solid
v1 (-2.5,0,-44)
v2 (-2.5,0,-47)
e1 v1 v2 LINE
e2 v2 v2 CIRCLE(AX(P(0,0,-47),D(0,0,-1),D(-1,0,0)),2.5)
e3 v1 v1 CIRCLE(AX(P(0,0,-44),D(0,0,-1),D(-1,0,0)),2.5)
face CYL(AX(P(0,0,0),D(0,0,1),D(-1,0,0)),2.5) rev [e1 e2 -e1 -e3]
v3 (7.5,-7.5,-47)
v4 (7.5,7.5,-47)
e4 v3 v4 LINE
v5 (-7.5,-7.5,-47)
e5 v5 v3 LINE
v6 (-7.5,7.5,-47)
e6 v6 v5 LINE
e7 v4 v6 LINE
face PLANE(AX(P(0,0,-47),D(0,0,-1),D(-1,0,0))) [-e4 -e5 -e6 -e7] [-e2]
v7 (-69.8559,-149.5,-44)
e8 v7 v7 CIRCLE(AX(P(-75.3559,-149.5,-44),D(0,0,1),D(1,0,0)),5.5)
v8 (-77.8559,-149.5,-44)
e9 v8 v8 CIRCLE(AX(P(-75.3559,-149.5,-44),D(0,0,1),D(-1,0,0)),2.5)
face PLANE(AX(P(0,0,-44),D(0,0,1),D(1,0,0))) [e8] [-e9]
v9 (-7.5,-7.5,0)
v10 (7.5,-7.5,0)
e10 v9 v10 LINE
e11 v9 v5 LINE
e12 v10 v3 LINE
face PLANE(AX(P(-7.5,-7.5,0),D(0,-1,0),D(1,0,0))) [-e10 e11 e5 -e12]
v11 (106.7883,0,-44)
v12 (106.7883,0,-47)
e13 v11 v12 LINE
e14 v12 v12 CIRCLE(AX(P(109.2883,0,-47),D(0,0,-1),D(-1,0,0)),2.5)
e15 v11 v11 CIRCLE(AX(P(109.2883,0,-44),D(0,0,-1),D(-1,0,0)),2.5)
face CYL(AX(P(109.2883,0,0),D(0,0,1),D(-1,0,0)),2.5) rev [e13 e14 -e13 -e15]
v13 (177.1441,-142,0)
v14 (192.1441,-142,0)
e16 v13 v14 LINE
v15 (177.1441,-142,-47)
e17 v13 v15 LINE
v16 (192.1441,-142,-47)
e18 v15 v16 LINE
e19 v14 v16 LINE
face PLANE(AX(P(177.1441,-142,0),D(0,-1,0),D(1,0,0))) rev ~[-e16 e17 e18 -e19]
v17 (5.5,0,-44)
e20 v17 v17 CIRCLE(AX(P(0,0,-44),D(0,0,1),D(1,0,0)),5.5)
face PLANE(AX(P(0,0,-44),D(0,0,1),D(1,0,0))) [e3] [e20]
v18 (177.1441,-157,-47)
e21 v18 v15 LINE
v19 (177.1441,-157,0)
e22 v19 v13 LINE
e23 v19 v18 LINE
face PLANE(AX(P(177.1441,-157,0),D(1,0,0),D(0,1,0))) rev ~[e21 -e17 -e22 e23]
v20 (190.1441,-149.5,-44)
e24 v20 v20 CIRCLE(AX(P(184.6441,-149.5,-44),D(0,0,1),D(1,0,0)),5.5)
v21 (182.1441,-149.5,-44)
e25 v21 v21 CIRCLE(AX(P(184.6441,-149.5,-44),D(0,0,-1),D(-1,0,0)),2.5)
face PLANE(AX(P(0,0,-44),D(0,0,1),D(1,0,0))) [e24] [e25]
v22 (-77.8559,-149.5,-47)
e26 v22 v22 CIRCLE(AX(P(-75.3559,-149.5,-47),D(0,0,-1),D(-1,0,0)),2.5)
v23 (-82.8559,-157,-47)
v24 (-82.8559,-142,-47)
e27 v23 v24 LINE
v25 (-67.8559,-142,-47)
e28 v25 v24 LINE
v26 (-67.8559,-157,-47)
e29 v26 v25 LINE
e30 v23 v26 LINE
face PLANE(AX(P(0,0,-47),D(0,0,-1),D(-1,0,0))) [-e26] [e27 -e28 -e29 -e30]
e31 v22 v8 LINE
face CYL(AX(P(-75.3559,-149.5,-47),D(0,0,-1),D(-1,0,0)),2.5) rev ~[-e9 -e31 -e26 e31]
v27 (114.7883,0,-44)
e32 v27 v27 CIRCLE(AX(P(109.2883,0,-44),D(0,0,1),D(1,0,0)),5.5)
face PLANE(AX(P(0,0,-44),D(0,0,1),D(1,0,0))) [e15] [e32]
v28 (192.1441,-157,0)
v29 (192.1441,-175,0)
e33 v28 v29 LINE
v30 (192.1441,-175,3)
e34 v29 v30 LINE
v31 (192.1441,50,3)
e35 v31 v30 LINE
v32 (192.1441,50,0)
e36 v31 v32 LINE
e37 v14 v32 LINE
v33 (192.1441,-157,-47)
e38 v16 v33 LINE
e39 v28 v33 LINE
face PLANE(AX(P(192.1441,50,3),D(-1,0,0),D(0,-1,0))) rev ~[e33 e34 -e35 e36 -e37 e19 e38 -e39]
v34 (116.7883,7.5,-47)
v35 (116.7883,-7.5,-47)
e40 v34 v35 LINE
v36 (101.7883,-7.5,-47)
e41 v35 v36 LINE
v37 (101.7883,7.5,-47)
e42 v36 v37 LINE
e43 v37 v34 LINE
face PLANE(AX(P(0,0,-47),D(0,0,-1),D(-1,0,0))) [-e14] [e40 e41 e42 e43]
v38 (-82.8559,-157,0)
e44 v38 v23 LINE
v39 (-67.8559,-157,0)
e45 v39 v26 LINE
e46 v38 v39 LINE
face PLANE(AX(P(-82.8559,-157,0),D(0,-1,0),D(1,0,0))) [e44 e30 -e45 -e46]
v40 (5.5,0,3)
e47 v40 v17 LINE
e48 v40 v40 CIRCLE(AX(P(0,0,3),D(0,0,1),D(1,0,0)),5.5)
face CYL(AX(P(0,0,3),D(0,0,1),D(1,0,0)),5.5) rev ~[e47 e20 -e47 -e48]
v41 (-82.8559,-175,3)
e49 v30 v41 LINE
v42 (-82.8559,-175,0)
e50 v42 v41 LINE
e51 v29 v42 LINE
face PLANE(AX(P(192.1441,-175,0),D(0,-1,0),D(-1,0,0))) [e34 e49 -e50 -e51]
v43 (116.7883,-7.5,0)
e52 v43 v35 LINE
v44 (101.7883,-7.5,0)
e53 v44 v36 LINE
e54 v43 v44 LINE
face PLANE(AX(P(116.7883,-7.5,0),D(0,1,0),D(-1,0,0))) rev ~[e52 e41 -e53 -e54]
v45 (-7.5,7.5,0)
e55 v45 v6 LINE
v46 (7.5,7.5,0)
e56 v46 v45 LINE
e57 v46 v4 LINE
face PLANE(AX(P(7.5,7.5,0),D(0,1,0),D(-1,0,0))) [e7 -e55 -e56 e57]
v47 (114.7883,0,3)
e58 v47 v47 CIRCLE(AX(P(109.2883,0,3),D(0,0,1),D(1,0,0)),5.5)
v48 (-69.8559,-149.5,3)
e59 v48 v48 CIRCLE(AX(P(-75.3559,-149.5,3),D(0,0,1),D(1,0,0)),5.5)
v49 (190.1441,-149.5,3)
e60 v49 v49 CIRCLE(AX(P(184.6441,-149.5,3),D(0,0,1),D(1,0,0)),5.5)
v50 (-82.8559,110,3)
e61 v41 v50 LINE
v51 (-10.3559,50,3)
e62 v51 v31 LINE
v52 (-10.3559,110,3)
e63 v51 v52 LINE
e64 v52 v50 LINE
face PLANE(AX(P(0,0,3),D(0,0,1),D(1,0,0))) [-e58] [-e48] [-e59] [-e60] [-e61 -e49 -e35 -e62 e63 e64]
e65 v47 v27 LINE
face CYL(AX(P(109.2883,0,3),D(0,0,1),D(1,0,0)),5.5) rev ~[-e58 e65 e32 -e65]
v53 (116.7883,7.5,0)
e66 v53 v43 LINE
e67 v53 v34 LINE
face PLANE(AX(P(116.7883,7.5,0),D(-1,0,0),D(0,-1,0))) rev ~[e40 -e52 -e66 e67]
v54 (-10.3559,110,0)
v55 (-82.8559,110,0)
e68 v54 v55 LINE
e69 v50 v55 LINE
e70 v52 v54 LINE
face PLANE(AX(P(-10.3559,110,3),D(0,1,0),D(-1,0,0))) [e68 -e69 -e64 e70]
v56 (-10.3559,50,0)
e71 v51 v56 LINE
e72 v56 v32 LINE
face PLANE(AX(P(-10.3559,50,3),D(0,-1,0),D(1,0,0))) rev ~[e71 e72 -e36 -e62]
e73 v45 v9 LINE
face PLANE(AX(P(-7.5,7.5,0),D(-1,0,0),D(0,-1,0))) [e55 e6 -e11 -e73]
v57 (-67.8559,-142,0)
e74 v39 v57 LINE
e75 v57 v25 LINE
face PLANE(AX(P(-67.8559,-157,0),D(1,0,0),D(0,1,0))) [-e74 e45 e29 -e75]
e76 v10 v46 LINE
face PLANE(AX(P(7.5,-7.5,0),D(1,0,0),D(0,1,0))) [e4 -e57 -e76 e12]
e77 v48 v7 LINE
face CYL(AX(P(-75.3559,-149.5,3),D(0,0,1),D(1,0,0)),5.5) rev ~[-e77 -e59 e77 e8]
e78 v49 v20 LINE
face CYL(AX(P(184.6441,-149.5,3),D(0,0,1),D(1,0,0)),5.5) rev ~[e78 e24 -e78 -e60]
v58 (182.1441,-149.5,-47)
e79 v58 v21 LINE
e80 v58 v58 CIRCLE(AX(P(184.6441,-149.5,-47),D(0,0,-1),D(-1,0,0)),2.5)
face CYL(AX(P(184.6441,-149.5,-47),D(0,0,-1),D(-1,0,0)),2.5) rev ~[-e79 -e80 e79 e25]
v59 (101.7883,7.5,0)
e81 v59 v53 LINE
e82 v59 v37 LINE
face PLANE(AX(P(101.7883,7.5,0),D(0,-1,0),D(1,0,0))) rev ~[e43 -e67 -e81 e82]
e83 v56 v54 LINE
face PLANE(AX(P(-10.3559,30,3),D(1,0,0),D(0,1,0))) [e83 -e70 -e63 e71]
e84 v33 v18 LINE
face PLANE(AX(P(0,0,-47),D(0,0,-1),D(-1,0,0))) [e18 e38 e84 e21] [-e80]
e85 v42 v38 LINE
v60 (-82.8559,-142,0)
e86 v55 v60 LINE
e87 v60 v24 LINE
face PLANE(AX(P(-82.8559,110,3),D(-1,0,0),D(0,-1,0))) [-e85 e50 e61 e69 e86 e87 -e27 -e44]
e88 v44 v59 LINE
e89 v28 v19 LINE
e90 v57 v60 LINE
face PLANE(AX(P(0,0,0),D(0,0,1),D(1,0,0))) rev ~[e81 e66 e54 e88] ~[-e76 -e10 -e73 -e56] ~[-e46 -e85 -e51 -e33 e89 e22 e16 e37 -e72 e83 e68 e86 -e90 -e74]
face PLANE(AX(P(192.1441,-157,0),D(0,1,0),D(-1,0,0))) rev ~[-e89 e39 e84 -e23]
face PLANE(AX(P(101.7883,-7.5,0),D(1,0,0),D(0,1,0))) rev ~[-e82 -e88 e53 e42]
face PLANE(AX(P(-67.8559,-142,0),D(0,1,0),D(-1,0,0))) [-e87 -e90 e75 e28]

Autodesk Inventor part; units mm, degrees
ref_plane "YZ Plane" through (0, 0, 0) normal (1, 0, 0) x (0, 1, 0)
ref_plane "XZ Plane" through (0, 0, 0) normal (0, 1, 0) x (-1, 0, 0)
ref_plane "XY Plane" through (0, 0, 0) normal (0, 0, 1) x (1, 0, 0)
sketch "Sketch1" plane through (0, 0, 0) normal (0, 0, 1) x (1, 0, 0)
  circle A0 centre (0, 0) radius 2.5
  circle A1 centre (109.2883, 0) radius 2.5
  line L0 (-82.8559, 30) -> (192.1441, 30)
  line L1 (192.1441, 30) -> (192.1441, -175)
  line L2 (192.1441, -175) -> (-82.8559, -175)
  line L3 (-82.8559, -175) -> (-82.8559, 30)
  line L4 (0, 0) -> (109.2883, 0) construction
  point P0 (54.6441, 0)
  point P1 (54.6441, 30)
  dimension "d0" = 5
  dimension "d1" = 5
  dimension "d2" = 109.2883
  dimension "d3" = 275
  dimension "d4" = 30
  dimension "d5" = 175
extrude "Extrusion1" add sketch "Sketch1" along normal blind 3
sketch "Sketch4" plane through (0, 0, 0) normal (0, 0, -1) x (-1, 0, 0)
  circle A0 centre (-109.2883, 0) radius 2.5 projected
  line L0 (-116.7883, -7.5) -> (-101.7883, -7.5)
  line L1 (-101.7883, -7.5) -> (-101.7883, 7.5)
  line L2 (-101.7883, 7.5) -> (-116.7883, 7.5)
  line L3 (-116.7883, 7.5) -> (-116.7883, -7.5)
  circle A1 centre (-109.2883, 0) radius 2.5 projected
  line L4 (-116.7883, -7.5) -> (-101.7883, 7.5) construction
  line L5 (-101.7883, -7.5) -> (-116.7883, 7.5) construction
  line L6 (7.5, -7.5) -> (-7.5, -7.5)
  line L7 (-7.5, -7.5) -> (-7.5, 7.5)
  line L8 (-7.5, 7.5) -> (7.5, 7.5)
  line L9 (7.5, 7.5) -> (7.5, -7.5)
  circle A2 centre (0, 0) radius 2.5 projected
  line L10 (7.5, -7.5) -> (-7.5, 7.5) construction
  line L11 (-7.5, -7.5) -> (7.5, 7.5) construction
  dimension "d14" = 15
  dimension "d15" = 15
  dimension "d16" = 15
  dimension "d17" = 15
extrude "Extrusion4" add sketch "Sketch4" along normal blind 47
sketch "Sketch5" plane through (0, 0, 3) normal (0, 0, 1) x (1, 0, 0)
  circle A0 centre (0, 0) radius 2.5 projected
  circle A1 centre (109.2883, 0) radius 2.5 projected
  circle A2 centre (0, 0) radius 5.5
  circle A3 centre (109.2883, 0) radius 5.5
  dimension "d20" = 11
  dimension "d21" = 11
extrude "Extrusion5" cut sketch "Sketch5" against normal blind 47
sketch "Sketch6" plane through (0, 0, 0) normal (0, 0, -1) x (-1, 0, 0)
  line L0 (-192.1441, 30) -> (-192.1441, -175) projected
  line L1 (-192.1441, -157) -> (-177.1441, -157)
  line L2 (-177.1441, -157) -> (-177.1441, -142)
  line L3 (-177.1441, -142) -> (-192.1441, -142)
  line L4 (-192.1441, -142) -> (-192.1441, -157)
  line L5 (82.8559, -175) -> (82.8559, 30) projected
  line L6 (82.8559, -157) -> (67.8559, -157)
  line L7 (67.8559, -157) -> (67.8559, -142)
  line L8 (67.8559, -142) -> (82.8559, -142)
  line L9 (82.8559, -142) -> (82.8559, -157)
  line L10 (-192.1441, -175) -> (82.8559, -175) projected
  point P0 (0, 0)
  dimension "d24" = 15
  dimension "d25" = 15
  dimension "d26" = 15
  dimension "d27" = 15
  dimension "d28" = 18
extrude "Extrusion6" add sketch "Sketch6" along normal blind 47
sketch "Sketch7" plane through (0, 0, 3) normal (0, 0, 1) x (1, 0, 0)
  line L0 (-10.3559, 30) -> (-82.8559, 30)
  line L1 (-82.8559, 30) -> (-10.3559, 30)
  line L2 (-10.3559, 30) -> (-10.3559, 110)
  line L3 (-10.3559, 110) -> (-82.8559, 110)
  line L4 (-82.8559, 110) -> (-82.8559, 30)
  line L5 (-82.8559, 30) -> (-82.8559, -175) projected
  point P0 (0, 0)
  dimension "d31" = 80
  dimension "d42" = 72.5
extrude "Extrusion7" add sketch "Sketch7" against normal blind 3
sketch "Sketch8" plane through (0, 0, -47) normal (0, 0, -1) x (-1, 0, 0)
  line L0 (-192.1441, -157) -> (-177.1441, -157) projected
  line L1 (-177.1441, -157) -> (-177.1441, -142) projected
  line L2 (-177.1441, -142) -> (-192.1441, -142) projected
  line L3 (-192.1441, -142) -> (-192.1441, -157) projected
  line L4 (82.8559, -157) -> (82.8559, -142) projected
  line L5 (82.8559, -142) -> (67.8559, -142) projected
  line L6 (67.8559, -142) -> (67.8559, -157) projected
  line L7 (67.8559, -157) -> (82.8559, -157) projected
  circle A0 centre (-184.6441, -149.5) radius 2.5
  circle A1 centre (75.3559, -149.5) radius 2.5
  point P0 (0, 0)
  point P1 (75.3559, -157)
  point P2 (-184.6441, -157)
  point P3 (-177.1441, -149.5)
  point P4 (67.8559, -149.5)
  dimension "d34" = 5
  dimension "d35" = 5
extrude "Extrusion8" cut sketch "Sketch8" against normal through all contours A0 | A1
sketch "Sketch9" plane through (0, 0, 3) normal (0, 0, 1) x (1, 0, 0)
  circle A0 centre (-75.3559, -149.5) radius 2.5 projected
  circle A1 centre (184.6441, -149.5) radius 2.5 projected
  circle A2 centre (-75.3559, -149.5) radius 5.5
  circle A3 centre (184.6441, -149.5) radius 5.5
  point P0 (0, 0)
  dimension "d38" = 11
  dimension "d39" = 11
extrude "Extrusion9" cut sketch "Sketch9" against normal blind 47
sketch "Sketch10" plane through (0, 0, 3) normal (0, 0, 1) x (1, 0, 0)
  line L0 (192.1441, 30) -> (-10.3559, 30) projected
  line L1 (-10.3559, 30) -> (-10.3559, 110) projected
  line L2 (-10.3559, 30) -> (192.1441, 30) projected
  line L3 (-10.3559, 110) -> (-10.3559, 30) projected
  line L4 (192.1441, 30) -> (-10.3559, 30)
  line L5 (-10.3559, 30) -> (-10.3559, 50)
  line L6 (-10.3559, 50) -> (192.1441, 50)
  line L7 (192.1441, 50) -> (192.1441, 30)
  point P0 (0, 0)
  dimension "d43" = 20
extrude "Extrusion10" add sketch "Sketch10" against normal blind 3
properties part number "BP013" material "ABS Plastic"
